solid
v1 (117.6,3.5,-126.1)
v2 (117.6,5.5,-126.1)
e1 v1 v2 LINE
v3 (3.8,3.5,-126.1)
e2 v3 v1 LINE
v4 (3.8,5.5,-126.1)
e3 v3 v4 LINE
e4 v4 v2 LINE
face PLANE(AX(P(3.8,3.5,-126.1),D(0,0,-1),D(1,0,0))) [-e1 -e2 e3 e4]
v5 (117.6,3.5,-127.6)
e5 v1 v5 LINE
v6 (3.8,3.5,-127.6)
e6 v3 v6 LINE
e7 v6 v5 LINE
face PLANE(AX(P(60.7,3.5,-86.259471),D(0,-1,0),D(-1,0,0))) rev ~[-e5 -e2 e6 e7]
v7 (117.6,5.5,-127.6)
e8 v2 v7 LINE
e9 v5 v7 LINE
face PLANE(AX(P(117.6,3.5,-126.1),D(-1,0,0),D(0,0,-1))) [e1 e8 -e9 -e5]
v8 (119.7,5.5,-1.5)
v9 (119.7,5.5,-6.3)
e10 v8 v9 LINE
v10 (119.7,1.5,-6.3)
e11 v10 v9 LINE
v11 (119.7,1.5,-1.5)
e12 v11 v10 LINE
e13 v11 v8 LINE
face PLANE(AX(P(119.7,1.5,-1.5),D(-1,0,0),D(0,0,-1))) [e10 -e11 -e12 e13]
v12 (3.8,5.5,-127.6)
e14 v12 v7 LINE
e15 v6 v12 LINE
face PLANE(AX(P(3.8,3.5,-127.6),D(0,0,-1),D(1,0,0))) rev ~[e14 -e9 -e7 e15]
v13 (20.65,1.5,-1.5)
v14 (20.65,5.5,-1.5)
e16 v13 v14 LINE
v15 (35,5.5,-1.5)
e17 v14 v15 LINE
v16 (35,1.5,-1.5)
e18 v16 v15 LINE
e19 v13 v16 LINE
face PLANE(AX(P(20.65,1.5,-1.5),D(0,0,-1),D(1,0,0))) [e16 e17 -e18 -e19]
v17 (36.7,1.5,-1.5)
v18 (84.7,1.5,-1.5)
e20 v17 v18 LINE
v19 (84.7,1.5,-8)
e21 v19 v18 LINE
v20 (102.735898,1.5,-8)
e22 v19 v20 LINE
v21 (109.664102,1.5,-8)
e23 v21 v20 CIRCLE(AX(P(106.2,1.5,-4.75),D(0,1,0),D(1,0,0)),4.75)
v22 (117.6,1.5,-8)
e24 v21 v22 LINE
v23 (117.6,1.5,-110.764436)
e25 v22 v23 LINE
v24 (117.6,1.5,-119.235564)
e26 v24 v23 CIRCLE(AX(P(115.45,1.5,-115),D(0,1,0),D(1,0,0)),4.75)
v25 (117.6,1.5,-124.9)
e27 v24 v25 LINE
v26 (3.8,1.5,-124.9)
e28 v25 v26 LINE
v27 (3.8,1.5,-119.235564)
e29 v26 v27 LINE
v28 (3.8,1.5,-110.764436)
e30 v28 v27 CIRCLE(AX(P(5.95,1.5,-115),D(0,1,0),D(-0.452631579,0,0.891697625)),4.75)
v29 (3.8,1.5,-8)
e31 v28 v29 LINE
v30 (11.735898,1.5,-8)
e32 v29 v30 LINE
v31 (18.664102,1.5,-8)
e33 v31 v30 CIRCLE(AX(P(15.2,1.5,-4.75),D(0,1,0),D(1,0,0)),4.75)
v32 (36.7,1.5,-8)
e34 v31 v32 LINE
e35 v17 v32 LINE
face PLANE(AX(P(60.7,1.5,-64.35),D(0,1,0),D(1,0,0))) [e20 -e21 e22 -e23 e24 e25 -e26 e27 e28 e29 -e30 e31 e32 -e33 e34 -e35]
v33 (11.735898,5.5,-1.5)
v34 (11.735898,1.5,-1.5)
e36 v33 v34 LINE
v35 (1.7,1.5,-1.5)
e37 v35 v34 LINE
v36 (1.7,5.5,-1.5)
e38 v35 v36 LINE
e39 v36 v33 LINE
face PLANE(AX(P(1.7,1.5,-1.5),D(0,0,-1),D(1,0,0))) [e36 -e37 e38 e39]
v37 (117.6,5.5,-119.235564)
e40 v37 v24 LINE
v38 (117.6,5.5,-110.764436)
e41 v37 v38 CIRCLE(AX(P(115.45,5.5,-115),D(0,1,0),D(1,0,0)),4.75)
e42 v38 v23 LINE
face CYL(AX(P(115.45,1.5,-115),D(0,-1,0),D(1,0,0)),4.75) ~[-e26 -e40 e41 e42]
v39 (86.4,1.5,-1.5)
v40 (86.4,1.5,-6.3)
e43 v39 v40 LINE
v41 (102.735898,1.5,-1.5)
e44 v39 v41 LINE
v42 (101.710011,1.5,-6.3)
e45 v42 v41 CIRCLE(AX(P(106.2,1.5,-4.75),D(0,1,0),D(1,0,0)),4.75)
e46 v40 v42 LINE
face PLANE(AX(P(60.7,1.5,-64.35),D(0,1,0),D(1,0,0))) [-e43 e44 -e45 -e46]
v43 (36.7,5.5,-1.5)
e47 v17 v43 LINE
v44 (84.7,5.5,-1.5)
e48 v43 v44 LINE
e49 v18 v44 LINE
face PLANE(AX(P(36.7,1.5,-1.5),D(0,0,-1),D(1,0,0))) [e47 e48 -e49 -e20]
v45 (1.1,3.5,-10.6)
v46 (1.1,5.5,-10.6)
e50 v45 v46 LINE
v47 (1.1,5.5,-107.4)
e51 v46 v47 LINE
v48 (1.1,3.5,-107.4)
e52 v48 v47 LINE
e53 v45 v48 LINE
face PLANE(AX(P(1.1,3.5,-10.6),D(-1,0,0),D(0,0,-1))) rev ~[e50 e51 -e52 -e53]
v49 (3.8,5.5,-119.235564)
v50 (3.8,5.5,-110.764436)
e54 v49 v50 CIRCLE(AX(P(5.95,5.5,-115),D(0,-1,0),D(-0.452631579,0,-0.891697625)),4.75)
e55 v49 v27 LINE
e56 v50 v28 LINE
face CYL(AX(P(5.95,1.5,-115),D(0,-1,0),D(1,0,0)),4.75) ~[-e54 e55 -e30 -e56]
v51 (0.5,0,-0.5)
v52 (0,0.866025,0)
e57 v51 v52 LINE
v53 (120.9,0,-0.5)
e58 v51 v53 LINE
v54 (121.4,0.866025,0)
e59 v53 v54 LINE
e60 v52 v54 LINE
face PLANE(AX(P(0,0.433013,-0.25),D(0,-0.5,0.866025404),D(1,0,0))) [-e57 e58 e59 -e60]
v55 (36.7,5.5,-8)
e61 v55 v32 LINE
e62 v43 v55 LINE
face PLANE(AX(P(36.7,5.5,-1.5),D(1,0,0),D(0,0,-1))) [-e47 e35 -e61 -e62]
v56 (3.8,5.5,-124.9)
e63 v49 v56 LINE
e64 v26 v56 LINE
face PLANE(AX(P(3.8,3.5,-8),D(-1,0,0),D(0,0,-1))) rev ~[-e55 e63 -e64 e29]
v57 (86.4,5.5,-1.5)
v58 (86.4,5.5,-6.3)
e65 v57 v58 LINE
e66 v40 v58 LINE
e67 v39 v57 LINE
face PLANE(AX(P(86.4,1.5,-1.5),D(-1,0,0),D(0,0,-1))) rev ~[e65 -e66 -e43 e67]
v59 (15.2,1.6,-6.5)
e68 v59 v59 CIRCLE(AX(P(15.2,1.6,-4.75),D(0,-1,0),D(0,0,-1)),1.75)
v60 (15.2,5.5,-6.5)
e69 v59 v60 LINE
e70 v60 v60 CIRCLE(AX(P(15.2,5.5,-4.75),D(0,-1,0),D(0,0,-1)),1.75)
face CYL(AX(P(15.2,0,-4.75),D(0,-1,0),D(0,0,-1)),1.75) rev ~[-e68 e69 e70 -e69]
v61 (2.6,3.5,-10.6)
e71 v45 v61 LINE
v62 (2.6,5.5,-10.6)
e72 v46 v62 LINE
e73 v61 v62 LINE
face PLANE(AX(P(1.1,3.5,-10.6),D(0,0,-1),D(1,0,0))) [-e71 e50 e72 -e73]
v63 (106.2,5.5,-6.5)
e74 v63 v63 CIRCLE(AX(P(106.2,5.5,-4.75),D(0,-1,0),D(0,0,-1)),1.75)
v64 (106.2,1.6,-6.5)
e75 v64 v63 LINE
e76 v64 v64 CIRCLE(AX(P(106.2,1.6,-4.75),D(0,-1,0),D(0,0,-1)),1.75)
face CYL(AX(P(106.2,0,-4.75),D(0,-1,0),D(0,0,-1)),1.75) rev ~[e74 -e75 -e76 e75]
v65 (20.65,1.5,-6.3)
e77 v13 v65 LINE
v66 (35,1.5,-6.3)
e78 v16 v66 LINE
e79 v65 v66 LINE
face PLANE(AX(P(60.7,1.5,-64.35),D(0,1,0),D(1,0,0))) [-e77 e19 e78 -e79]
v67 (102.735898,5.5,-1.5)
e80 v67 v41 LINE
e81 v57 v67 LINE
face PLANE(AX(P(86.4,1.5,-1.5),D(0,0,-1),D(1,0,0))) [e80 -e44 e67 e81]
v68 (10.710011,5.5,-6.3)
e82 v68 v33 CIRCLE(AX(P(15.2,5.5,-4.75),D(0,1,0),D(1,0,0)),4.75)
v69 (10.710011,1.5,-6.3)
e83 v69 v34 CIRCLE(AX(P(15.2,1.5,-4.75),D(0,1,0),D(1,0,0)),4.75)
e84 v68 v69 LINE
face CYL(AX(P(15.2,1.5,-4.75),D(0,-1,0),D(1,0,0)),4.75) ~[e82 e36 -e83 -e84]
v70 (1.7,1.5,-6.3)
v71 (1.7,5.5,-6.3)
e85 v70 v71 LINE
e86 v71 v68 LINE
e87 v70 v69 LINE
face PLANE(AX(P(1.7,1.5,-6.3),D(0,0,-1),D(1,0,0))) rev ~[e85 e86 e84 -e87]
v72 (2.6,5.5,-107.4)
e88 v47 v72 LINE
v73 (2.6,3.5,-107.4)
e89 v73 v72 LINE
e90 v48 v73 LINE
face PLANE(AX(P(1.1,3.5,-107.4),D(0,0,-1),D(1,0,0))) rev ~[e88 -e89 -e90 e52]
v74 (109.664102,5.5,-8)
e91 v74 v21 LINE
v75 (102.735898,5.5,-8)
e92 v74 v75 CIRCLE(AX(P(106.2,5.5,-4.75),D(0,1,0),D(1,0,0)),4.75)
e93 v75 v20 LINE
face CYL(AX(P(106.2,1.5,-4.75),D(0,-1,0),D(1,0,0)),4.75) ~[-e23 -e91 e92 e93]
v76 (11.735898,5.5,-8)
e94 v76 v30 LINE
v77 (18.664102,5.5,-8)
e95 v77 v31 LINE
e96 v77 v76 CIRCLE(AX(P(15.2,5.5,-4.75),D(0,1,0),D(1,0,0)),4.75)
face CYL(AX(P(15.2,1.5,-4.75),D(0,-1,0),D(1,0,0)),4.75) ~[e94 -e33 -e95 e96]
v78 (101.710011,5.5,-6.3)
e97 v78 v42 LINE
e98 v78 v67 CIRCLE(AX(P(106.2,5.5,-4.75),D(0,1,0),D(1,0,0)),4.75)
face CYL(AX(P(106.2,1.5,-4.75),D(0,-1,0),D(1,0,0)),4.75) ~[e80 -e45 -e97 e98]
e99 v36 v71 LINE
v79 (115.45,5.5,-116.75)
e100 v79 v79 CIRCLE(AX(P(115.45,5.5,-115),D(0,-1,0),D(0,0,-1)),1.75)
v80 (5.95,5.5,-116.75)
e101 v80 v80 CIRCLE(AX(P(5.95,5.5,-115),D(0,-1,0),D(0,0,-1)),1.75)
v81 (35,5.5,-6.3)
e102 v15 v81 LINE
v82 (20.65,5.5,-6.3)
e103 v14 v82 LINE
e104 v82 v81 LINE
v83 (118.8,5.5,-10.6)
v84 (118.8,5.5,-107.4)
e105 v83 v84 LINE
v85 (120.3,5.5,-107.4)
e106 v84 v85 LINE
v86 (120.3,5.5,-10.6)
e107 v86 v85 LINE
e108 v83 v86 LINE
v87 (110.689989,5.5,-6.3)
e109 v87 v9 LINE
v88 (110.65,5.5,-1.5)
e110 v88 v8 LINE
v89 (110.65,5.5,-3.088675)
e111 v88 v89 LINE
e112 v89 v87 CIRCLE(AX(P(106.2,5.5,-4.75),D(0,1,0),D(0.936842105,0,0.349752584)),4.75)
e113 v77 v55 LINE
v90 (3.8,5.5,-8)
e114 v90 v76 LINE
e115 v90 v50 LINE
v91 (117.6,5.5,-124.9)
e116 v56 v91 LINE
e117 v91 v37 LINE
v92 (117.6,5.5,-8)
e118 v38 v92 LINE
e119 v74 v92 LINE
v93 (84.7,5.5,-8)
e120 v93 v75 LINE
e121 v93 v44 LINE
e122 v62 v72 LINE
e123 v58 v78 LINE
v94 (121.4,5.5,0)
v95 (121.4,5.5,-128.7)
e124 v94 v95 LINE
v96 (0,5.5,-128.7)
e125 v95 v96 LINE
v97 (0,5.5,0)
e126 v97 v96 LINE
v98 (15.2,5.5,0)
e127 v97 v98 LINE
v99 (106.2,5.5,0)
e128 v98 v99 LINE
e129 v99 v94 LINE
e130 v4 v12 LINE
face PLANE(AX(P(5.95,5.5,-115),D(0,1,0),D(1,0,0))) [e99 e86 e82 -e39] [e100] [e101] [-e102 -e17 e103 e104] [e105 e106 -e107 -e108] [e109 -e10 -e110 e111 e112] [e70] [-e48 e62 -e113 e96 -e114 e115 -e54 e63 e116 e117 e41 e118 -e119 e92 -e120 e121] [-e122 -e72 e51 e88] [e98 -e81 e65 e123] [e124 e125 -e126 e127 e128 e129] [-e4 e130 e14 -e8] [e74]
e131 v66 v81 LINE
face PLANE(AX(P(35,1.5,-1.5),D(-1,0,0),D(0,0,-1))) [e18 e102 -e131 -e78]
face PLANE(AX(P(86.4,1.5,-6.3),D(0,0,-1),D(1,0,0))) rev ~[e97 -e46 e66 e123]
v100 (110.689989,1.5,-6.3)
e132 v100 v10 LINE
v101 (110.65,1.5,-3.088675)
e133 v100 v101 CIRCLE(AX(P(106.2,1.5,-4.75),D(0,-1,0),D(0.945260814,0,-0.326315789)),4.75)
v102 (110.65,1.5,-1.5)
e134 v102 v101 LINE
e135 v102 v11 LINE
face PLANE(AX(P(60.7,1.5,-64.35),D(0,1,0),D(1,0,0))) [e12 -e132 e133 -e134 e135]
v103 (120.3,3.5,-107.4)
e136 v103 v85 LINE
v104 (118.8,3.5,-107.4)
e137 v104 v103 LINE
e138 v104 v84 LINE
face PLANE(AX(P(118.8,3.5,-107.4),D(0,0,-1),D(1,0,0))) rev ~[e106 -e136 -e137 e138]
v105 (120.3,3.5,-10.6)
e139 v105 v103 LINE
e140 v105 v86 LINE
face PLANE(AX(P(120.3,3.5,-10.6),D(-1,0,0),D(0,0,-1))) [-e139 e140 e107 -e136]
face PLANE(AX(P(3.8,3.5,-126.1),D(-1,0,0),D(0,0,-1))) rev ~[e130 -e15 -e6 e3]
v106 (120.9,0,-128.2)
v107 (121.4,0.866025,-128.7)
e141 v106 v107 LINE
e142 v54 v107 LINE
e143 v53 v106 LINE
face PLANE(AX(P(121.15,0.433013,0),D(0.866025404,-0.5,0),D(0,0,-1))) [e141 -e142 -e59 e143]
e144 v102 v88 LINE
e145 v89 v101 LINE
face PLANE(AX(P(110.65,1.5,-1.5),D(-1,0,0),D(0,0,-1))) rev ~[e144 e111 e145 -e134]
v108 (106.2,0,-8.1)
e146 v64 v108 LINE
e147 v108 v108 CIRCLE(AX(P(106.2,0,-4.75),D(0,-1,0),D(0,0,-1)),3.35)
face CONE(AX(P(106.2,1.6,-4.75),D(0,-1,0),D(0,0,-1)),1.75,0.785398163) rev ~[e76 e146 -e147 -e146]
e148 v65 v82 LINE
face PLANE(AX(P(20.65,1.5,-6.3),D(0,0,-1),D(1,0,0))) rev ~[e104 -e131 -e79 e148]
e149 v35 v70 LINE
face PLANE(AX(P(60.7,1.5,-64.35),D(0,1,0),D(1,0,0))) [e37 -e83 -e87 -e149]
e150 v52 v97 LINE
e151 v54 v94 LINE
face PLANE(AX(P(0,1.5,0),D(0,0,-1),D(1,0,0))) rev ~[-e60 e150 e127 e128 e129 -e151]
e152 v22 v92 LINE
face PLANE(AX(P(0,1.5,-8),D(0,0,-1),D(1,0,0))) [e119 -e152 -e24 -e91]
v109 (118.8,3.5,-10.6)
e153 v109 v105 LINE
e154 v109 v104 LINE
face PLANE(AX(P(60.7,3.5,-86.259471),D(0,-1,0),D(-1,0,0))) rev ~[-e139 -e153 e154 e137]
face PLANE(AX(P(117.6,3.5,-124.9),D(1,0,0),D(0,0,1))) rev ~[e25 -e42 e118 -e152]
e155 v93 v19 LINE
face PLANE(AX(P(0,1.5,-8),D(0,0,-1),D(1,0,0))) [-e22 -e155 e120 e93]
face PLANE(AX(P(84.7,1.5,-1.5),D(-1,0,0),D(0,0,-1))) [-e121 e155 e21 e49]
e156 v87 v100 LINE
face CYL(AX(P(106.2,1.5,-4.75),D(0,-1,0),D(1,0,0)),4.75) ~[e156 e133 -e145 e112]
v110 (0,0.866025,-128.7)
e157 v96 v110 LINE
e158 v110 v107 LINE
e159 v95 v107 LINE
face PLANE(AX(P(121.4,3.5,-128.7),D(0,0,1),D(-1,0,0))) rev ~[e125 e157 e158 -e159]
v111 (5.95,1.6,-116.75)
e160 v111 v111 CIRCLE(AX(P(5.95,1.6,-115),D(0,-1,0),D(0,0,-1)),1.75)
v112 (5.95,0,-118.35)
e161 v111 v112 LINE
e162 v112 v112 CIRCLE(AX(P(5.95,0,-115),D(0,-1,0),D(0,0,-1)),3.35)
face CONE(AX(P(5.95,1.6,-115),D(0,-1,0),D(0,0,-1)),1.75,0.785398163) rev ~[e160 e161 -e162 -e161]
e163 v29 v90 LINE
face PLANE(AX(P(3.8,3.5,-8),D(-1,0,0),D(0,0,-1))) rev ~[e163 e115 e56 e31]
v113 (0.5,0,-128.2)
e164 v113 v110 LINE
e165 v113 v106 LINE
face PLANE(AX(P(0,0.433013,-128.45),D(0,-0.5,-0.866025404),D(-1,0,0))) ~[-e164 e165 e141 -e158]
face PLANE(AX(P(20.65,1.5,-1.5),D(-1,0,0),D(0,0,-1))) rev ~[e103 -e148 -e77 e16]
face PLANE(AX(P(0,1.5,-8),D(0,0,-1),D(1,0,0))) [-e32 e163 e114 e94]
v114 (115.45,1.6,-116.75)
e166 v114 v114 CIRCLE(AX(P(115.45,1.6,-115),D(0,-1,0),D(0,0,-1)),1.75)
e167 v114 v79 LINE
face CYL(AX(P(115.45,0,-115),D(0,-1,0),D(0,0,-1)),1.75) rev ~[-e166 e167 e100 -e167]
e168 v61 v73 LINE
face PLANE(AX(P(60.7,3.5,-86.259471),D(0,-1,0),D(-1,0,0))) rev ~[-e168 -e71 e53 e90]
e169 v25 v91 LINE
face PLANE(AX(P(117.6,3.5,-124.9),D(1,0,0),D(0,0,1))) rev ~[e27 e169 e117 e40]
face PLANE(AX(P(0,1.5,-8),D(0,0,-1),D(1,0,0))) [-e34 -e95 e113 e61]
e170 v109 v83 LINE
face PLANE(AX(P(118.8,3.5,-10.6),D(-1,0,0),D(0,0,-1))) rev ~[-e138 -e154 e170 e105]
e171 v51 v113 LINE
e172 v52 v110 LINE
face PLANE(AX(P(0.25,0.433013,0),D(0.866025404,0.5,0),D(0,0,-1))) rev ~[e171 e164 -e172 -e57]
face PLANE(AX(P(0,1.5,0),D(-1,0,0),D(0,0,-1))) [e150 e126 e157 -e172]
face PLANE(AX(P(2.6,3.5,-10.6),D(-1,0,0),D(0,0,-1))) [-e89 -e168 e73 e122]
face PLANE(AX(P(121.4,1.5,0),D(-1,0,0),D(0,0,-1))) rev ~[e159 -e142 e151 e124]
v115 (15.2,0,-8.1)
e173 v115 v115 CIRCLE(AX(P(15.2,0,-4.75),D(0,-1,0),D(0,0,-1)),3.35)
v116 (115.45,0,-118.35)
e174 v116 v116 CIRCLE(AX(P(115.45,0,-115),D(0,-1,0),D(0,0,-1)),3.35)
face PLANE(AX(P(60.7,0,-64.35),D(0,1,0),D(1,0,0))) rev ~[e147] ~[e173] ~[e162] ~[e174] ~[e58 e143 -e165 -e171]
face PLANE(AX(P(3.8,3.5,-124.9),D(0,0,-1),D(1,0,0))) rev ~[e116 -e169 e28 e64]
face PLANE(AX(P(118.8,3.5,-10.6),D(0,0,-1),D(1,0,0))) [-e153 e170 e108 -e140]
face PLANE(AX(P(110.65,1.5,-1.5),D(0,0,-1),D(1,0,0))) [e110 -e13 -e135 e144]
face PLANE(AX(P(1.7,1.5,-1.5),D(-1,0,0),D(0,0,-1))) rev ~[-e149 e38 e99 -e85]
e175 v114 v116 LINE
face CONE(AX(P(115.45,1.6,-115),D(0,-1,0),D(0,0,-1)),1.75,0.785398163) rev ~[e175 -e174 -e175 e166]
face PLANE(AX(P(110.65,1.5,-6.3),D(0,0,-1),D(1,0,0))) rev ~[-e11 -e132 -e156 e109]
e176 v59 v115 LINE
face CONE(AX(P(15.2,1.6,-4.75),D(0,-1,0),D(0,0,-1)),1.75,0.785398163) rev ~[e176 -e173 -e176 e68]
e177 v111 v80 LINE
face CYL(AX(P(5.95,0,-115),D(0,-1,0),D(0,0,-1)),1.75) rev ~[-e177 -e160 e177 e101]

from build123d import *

# Parameters (mm, degrees)
SKETCH_1_W          = 121.4
SKETCH_1_H          = 128.7
EXTRUDE_1_DEPTH     = 1.5
EXTRUDE_2_DEPTH     = 2
SKETCH_3_W          = 1.5
SKETCH_3_H          = 96.8
SKETCH_3_W_2        = 113.8
SKETCH_3_H_2        = 1.5
EXTRUDE_3_DEPTH     = 2
SKETCH_5_W          = 121.4
SKETCH_5_H          = 8
SKETCH_5_W_2        = 12.45
SKETCH_5_H_2        = 4.8
SKETCH_5_W_3        = 9.05
SKETCH_5_W_4        = 17.75
SKETCH_5_W_5        = 14.35
SKETCH_5_W_6        = 48
EXTRUDE_5_DEPTH     = 4
SKETCH_7_R          = 4.75
EXTRUDE_10_DEPTH    = 4
SKETCH_8_R          = 1.75
CUT_EXTRUDE_3_DEPTH = 5.5
CHAMFER_1_SIZE      = 1.6
SKETCH_10_W         = 48
SKETCH_10_H         = 6.5
CUT_EXTRUDE_4_DEPTH = 4
CHAMFER_2_SIZE      = 0.5
CHAMFER_2_SIZE2     = 0.866025404


with BuildPart() as part:
    # Эскиз1 → Бобышка-Вытянуть1 (new body)
    with BuildSketch(Plane(origin=(0, 0, 0), x_dir=(1, 0, 0), z_dir=(0, 1, 0))):
        with Locations((60.7, 64.35)):
            Rectangle(SKETCH_1_W, SKETCH_1_H)
    extrude(amount=EXTRUDE_1_DEPTH)

    # Эскиз2 → Бобышка-Вытянуть2 (add)
    with BuildSketch(Plane(origin=(0, 1.5, 0), x_dir=(1, 0, 0), z_dir=(0, 1, 0))):
        Polygon((0, 8), (0, 128.7), (121.4, 128.7), (121.4, 8), (117.6, 8), (117.6, 124.9), (3.8, 124.9), (3.8, 8), align=None)
    extrude(amount=EXTRUDE_2_DEPTH)

    # Эскиз3 → Бобышка-Вытянуть3 (add)
    with BuildSketch(Plane(origin=(0, 3.5, 0), x_dir=(1, 0, 0), z_dir=(0, 1, 0))):
        Polygon((0, 8), (3.8, 8), (3.8, 124.9), (117.6, 124.9), (117.6, 8), (121.4, 8), (121.4, 128.7), (0, 128.7), align=None)
        with Locations((1.85, 59)):
            Rectangle(SKETCH_3_W, SKETCH_3_H, mode=Mode.SUBTRACT)
        with Locations((60.7, 126.85)):
            Rectangle(SKETCH_3_W_2, SKETCH_3_H_2, mode=Mode.SUBTRACT)
        with Locations((119.55, 59)):
            Rectangle(SKETCH_3_W, SKETCH_3_H, mode=Mode.SUBTRACT)
    extrude(amount=EXTRUDE_3_DEPTH)

    # Эскиз5 → Бобышка-Вытянуть5 (add)
    with BuildSketch(Plane(origin=(0, 1.5, 0), x_dir=(1, 0, 0), z_dir=(0, 1, 0))):
        with Locations((60.7, 4)):
            Rectangle(SKETCH_5_W, SKETCH_5_H)
        with Locations((7.925, 3.9)):
            Rectangle(SKETCH_5_W_2, SKETCH_5_H_2, mode=Mode.SUBTRACT)
        with Locations((115.175, 3.9)):
            Rectangle(SKETCH_5_W_3, SKETCH_5_H_2, mode=Mode.SUBTRACT)
        with Locations((95.275, 3.9)):
            Rectangle(SKETCH_5_W_4, SKETCH_5_H_2, mode=Mode.SUBTRACT)
        with Locations((27.825, 3.9)):
            Rectangle(SKETCH_5_W_5, SKETCH_5_H_2, mode=Mode.SUBTRACT)
        with Locations((60.7, 3.9)):
            Rectangle(SKETCH_5_W_6, SKETCH_5_H_2, mode=Mode.SUBTRACT)
    extrude(amount=EXTRUDE_5_DEPTH)

    # Эскиз7 → Бобышка-Вытянуть10 (add)
    with BuildSketch(Plane(origin=(0, 1.5, 0), x_dir=(1, 0, 0), z_dir=(0, 1, 0))):
        with Locations((5.95, 115)):
            Circle(SKETCH_7_R)
        with Locations((115.45, 115)):
            Circle(SKETCH_7_R)
        with Locations((15.2, 4.75)):
            Circle(SKETCH_7_R)
        with Locations((106.2, 4.75)):
            Circle(SKETCH_7_R)
    extrude(amount=EXTRUDE_10_DEPTH)

    # Эскиз8 → Вырез-Вытянуть3 (cut)
    with BuildSketch(Plane.XZ):
        with Locations(Location((15.2, -4.75, 0), (0, 0, 270))):
            Circle(SKETCH_8_R)
        with Locations(Location((106.2, -4.75, 0), (0, 0, 270))):
            Circle(SKETCH_8_R)
        with Locations(Location((5.95, -115, 0), (0, 0, 270))):
            Circle(SKETCH_8_R)
        with Locations(Location((115.45, -115, 0), (0, 0, 270))):
            Circle(SKETCH_8_R)
    extrude(amount=-CUT_EXTRUDE_3_DEPTH, mode=Mode.SUBTRACT)

    # Фаска1
    chamfer_1_edges = [part.edges().sort_by_distance(p)[0] for p in [
        (115.45, 0, -113.25),
        (5.95, 0, -113.25),
        (106.2, 0, -3),
        (15.2, 0, -3),
    ]]
    chamfer(chamfer_1_edges, length=CHAMFER_1_SIZE)

    # Эскиз10 → Вырез-Вытянуть4 (cut)
    with BuildSketch(Plane(origin=(0, 5.5, 0), x_dir=(1, 0, 0), z_dir=(0, 1, 0))):
        with Locations((60.7, 4.75)):
            Rectangle(SKETCH_10_W, SKETCH_10_H)
    extrude(amount=-CUT_EXTRUDE_4_DEPTH, mode=Mode.SUBTRACT)

    # Фаска2
    chamfer_2_edges = [part.edges().sort_by_distance(p)[0] for p in [
        (0, 0, -64.35),
        (60.7, 0, -128.7),
        (121.4, 0, -64.35),
        (60.7, 0, 0),
    ]]
    chamfer_2_side = [part.faces().sort_by_distance(p)[0] for p in [
        (60.7, 0, -64.390759898),
    ]]
    chamfer(chamfer_2_edges, length=CHAMFER_2_SIZE, length2=CHAMFER_2_SIZE2, reference=chamfer_2_side[0])


solid = part.part
